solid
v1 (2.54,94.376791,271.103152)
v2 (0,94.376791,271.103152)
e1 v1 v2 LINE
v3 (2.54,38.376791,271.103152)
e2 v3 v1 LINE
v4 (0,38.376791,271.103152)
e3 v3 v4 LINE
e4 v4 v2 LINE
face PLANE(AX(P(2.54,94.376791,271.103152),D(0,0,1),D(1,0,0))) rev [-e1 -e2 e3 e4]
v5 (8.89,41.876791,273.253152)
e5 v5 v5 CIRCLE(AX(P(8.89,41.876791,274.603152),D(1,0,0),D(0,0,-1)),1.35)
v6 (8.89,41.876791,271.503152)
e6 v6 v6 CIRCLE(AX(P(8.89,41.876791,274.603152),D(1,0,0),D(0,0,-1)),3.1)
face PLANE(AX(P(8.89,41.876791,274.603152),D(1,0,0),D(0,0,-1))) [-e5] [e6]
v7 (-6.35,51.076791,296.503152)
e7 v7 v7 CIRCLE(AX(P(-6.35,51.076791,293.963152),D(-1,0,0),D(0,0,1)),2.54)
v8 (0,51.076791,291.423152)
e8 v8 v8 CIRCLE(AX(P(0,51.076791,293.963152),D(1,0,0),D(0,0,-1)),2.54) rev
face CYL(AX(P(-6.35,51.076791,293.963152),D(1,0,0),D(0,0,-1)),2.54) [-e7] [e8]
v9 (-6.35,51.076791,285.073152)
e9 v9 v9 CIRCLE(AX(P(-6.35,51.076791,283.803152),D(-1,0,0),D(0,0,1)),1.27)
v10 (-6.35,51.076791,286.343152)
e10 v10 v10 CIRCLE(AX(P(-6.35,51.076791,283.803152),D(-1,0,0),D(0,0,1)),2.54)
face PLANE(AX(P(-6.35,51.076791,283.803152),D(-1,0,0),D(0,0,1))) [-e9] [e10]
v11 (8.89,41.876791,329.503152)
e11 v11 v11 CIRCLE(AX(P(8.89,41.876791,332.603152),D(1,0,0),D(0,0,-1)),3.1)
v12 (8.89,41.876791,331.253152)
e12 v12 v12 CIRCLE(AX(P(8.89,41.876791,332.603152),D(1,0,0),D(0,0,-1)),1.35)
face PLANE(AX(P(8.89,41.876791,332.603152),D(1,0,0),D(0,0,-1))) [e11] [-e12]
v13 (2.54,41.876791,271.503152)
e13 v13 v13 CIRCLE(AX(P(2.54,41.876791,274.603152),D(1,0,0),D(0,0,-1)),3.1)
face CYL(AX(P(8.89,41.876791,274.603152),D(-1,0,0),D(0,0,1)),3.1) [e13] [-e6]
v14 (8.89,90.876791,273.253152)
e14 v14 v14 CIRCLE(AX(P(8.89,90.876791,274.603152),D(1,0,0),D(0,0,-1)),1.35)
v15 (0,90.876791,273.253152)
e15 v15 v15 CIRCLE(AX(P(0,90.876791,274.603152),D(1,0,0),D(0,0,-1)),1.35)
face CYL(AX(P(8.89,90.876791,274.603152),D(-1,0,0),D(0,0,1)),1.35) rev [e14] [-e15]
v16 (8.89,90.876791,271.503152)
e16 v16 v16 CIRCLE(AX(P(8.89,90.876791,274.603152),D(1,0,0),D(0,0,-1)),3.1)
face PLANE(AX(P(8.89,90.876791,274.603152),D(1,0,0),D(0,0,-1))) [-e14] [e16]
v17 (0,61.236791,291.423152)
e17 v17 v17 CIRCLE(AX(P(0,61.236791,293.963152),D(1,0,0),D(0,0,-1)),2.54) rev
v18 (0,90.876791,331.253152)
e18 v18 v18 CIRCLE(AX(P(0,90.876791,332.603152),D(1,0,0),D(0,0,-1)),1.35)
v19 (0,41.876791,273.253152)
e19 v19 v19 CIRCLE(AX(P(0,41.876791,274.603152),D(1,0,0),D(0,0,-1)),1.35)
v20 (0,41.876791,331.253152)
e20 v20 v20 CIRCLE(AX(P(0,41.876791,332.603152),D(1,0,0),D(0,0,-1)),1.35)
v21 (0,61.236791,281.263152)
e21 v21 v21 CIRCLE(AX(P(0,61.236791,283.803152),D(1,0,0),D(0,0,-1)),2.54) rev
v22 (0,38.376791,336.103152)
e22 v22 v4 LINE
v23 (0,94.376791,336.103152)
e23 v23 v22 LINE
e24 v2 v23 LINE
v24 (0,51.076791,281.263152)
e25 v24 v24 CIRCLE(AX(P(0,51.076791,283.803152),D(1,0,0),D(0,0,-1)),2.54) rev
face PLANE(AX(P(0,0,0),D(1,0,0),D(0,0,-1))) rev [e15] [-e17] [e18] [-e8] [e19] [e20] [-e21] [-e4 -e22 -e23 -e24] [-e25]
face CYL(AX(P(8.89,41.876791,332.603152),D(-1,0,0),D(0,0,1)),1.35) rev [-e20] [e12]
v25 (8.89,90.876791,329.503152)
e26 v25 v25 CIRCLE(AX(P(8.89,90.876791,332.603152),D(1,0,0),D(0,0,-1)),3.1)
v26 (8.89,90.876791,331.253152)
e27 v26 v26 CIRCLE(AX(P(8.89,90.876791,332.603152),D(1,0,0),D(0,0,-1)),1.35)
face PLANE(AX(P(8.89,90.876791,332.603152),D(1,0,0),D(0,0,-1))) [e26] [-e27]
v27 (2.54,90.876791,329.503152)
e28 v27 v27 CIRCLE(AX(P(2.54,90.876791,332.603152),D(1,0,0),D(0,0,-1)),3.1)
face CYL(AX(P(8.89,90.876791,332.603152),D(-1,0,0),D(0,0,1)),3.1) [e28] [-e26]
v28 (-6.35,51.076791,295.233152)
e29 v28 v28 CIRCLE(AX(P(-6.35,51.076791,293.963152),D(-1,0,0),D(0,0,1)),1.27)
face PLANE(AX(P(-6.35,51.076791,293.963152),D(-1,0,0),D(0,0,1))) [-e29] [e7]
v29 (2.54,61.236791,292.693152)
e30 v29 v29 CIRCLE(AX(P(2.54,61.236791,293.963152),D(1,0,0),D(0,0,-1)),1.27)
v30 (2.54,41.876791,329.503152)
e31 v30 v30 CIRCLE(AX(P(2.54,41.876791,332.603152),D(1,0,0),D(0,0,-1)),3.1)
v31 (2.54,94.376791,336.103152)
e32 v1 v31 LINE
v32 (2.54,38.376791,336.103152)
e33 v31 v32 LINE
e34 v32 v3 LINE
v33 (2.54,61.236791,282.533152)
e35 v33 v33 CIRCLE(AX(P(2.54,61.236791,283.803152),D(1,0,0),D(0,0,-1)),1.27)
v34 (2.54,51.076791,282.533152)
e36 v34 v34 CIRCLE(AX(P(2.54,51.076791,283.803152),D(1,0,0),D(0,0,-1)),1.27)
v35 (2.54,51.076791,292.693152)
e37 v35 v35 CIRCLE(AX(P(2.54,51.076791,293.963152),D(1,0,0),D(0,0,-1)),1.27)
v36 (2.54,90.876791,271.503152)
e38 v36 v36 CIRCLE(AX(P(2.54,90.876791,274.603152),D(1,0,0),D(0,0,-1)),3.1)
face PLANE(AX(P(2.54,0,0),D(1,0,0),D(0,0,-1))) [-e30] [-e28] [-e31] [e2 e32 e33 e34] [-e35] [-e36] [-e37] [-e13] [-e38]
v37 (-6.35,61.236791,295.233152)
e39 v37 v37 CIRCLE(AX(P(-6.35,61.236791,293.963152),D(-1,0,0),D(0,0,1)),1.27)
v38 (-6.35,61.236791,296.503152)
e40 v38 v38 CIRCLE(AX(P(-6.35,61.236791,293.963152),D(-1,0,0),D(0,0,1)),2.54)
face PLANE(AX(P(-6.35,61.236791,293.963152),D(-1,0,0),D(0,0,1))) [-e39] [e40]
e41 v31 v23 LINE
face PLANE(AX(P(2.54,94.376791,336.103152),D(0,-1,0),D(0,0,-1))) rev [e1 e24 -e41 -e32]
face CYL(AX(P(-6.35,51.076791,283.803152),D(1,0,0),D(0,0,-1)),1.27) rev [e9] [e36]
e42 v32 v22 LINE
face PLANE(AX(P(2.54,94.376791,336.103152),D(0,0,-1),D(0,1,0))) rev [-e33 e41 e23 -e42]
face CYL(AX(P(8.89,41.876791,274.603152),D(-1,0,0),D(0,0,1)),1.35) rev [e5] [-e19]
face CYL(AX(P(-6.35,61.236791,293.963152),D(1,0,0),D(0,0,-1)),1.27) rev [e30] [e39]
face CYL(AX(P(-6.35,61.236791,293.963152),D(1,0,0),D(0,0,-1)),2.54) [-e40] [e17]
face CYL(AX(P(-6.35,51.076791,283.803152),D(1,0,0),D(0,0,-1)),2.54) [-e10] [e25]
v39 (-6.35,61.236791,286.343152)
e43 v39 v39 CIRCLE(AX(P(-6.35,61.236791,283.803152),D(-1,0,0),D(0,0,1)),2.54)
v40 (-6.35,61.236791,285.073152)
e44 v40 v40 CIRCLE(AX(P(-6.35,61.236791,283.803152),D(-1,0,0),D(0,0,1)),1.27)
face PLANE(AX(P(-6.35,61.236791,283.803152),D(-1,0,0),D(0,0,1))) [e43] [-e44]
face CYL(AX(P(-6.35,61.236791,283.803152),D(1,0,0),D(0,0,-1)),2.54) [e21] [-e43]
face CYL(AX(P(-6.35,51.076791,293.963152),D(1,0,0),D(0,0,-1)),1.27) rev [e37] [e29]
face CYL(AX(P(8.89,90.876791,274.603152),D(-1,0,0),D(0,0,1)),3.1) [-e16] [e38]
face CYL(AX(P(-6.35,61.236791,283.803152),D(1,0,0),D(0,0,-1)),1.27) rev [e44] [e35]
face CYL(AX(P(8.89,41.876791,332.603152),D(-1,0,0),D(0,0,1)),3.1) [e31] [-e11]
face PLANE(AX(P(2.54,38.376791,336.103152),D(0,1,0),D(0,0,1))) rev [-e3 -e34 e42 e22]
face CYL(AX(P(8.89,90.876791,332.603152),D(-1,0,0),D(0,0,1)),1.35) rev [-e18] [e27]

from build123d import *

# Parameters (mm, degrees)
SKETCH1_W           = 65
SKETCH1_H           = 56
BOSS_EXTRUDE1_DEPTH = 2.54
SKETCH2_R           = 3.1
SKETCH2_R_2         = 1.349999967
SKETCH2_R_3         = 1.35
BOSS_EXTRUDE2_DEPTH = 6.35
SKETCH3_R           = 2.54
SKETCH3_R_2         = 1.27
BOSS_EXTRUDE3_DEPTH = 6.35
SKETCH4_R           = 1.349999967
SKETCH4_R_2         = 1.35
SKETCH4_R_3         = 1.27
CUT_EXTRUDE1_DEPTH  = 12.7


with BuildPart() as part:
    # Sketch1 → Boss-Extrude1 (new body)
    with BuildSketch(Plane(origin=(0, 0, 0), x_dir=(0, 0, -1), z_dir=(1, 0, 0))):
        with Locations((-303.603151862, 66.376790831)):
            Rectangle(SKETCH1_W, SKETCH1_H)
    extrude(amount=BOSS_EXTRUDE1_DEPTH)

    # Sketch2 → Boss-Extrude2 (add)
    with BuildSketch(Plane(origin=(2.54, 0, 0), x_dir=(0, 0, -1), z_dir=(1, 0, 0))):
        with Locations((-332.603151862, 90.876790831)):
            Circle(SKETCH2_R)
        with Locations((-332.603151862, 90.876790831)):
            Circle(SKETCH2_R_2, mode=Mode.SUBTRACT)
        with Locations((-274.603151862, 90.876790831)):
            Circle(SKETCH2_R)
        with Locations((-274.603151862, 90.876790831)):
            Circle(SKETCH2_R_3, mode=Mode.SUBTRACT)
        with Locations((-274.603151862, 41.876790831)):
            Circle(SKETCH2_R)
        with Locations((-274.603151862, 41.876790831)):
            Circle(SKETCH2_R_3, mode=Mode.SUBTRACT)
        with Locations((-332.603151862, 41.876790831)):
            Circle(SKETCH2_R)
        with Locations((-332.603151862, 41.876790831)):
            Circle(SKETCH2_R_3, mode=Mode.SUBTRACT)
    extrude(amount=BOSS_EXTRUDE2_DEPTH)

    # Sketch3 → Boss-Extrude3 (add)
    with BuildSketch(Plane.ZY):
        with Locations((283.803151862, 61.236790831)):
            Circle(SKETCH3_R)
        with Locations((283.803151862, 61.236790831)):
            Circle(SKETCH3_R_2, mode=Mode.SUBTRACT)
        with Locations((293.963151862, 61.236790831)):
            Circle(SKETCH3_R)
        with Locations((293.963151862, 61.236790831)):
            Circle(SKETCH3_R_2, mode=Mode.SUBTRACT)
        with Locations((283.803151862, 51.076790831)):
            Circle(SKETCH3_R)
        with Locations((283.803151862, 51.076790831)):
            Circle(SKETCH3_R_2, mode=Mode.SUBTRACT)
        with Locations((293.963151862, 51.076790831)):
            Circle(SKETCH3_R)
        with Locations((293.963151862, 51.076790831)):
            Circle(SKETCH3_R_2, mode=Mode.SUBTRACT)
    extrude(amount=BOSS_EXTRUDE3_DEPTH)

    # Sketch4 → Cut-Extrude1 (cut, symmetric)
    with BuildSketch(Plane(origin=(2.54, 0, 0), x_dir=(0, 0, -1), z_dir=(1, 0, 0))):
        with Locations((-332.603151862, 90.876790831)):
            Circle(SKETCH4_R)
        with Locations((-274.603151862, 90.876790831)):
            Circle(SKETCH4_R_2)
        with Locations((-274.603151862, 41.876790831)):
            Circle(SKETCH4_R_2)
        with Locations((-332.603151862, 41.876790831)):
            Circle(SKETCH4_R_2)
        with Locations((-283.803151862, 61.236790831)):
            Circle(SKETCH4_R_3)
        with Locations((-293.963151862, 61.236790831)):
            Circle(SKETCH4_R_3)
        with Locations((-283.803151862, 51.076790831)):
            Circle(SKETCH4_R_3)
        with Locations((-293.963151862, 51.076790831)):
            Circle(SKETCH4_R_3)
    extrude(amount=CUT_EXTRUDE1_DEPTH, both=True, mode=Mode.SUBTRACT)


solid = part.part
